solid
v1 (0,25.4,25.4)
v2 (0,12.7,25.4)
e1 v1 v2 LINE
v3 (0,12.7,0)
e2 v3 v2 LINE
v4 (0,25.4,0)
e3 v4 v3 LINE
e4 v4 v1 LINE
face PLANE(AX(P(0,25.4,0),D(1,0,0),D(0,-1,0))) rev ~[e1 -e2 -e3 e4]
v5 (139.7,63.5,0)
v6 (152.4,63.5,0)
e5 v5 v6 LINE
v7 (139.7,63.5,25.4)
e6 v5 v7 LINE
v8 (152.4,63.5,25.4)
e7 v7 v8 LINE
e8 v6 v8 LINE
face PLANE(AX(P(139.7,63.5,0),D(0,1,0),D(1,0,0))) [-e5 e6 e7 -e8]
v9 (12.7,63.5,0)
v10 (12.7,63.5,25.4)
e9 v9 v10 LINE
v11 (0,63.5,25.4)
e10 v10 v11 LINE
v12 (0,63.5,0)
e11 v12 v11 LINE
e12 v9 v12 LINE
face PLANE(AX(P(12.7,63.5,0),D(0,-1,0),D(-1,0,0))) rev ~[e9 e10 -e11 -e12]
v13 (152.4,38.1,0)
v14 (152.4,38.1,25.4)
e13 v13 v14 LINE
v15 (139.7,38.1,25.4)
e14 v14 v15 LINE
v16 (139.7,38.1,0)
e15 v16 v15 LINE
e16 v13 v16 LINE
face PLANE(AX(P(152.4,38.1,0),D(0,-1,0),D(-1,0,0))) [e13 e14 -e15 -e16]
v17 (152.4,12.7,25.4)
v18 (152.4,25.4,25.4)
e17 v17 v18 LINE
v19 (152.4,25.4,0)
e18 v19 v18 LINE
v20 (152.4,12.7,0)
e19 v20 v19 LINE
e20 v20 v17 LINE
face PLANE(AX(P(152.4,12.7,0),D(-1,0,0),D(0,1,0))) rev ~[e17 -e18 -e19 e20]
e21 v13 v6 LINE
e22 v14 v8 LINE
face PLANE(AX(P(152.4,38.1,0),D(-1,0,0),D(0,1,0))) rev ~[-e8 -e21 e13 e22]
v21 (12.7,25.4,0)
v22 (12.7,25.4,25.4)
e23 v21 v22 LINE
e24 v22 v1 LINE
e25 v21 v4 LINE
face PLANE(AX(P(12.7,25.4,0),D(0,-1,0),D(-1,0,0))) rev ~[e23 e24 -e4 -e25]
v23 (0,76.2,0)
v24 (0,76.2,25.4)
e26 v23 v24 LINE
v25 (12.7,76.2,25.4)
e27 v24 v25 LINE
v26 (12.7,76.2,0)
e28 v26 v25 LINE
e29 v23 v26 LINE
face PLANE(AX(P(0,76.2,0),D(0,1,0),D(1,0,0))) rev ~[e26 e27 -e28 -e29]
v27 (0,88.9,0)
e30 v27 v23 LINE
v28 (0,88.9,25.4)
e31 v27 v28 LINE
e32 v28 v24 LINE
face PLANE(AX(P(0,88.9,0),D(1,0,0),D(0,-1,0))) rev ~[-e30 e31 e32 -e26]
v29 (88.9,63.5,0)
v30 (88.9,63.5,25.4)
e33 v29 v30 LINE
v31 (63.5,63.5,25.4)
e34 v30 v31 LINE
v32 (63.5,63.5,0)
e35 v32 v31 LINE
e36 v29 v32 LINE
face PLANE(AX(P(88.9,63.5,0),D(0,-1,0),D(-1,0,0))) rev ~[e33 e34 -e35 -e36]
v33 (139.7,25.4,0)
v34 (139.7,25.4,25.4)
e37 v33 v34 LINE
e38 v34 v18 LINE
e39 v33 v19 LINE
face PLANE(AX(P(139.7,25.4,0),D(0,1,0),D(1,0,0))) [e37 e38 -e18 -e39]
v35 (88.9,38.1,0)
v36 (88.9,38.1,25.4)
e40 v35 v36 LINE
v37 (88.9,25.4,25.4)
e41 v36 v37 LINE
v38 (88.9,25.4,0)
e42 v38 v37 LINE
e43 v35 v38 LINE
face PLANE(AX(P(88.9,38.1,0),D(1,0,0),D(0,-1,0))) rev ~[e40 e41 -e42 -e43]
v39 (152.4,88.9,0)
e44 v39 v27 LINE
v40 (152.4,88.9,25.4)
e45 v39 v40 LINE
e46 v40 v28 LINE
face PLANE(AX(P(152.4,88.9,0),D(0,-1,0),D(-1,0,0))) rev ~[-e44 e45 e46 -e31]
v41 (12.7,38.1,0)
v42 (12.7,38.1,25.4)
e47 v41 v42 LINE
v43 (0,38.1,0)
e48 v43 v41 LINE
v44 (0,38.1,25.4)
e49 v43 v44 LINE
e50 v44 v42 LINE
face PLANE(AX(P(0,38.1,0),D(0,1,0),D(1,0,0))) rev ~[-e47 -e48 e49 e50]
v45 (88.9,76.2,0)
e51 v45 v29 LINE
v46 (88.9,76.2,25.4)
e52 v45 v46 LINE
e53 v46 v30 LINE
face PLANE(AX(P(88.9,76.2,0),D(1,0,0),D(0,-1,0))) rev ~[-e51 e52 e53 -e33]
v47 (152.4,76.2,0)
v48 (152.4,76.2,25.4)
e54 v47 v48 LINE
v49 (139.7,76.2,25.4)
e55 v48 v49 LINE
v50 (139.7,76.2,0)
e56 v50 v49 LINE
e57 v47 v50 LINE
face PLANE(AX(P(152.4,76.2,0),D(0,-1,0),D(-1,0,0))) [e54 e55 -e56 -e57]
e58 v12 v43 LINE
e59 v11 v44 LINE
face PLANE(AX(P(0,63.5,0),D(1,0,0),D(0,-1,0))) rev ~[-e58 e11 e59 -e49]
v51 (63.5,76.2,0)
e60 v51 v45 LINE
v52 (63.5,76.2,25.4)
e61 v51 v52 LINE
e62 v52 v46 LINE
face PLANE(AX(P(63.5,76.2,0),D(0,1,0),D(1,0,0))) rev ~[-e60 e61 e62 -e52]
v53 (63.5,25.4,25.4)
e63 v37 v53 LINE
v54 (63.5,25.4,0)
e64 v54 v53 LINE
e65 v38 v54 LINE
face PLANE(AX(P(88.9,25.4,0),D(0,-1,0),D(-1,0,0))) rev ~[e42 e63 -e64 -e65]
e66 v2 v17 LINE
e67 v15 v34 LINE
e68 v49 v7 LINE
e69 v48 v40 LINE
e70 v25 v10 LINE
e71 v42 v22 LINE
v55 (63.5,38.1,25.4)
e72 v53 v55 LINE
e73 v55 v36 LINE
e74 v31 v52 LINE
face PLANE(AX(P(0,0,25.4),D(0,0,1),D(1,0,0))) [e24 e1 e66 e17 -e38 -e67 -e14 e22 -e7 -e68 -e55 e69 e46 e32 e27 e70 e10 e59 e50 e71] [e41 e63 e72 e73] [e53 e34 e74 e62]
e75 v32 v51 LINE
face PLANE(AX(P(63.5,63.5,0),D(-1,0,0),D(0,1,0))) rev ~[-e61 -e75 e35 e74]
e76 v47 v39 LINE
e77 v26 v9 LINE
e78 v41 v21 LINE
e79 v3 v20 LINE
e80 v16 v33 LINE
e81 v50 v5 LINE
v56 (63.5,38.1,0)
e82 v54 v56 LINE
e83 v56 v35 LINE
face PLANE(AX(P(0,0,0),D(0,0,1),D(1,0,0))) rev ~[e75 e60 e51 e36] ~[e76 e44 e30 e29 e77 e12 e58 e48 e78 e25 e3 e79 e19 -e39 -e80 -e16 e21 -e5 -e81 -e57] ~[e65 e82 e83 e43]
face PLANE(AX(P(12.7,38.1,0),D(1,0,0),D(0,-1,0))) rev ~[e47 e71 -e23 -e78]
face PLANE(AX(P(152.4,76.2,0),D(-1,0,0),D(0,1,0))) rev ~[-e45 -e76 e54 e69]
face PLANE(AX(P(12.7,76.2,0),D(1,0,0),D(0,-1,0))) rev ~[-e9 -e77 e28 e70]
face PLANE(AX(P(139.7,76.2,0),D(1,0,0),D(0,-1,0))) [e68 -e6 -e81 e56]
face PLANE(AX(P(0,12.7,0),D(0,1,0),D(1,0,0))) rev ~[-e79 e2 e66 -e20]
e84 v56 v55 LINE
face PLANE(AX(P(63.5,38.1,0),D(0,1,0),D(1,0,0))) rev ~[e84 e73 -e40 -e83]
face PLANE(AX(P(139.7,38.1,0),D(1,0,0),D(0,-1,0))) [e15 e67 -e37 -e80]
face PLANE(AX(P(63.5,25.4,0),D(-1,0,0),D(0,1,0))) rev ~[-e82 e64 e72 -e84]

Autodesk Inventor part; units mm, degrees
ref_plane "YZ Plane" through (0, 0, 0) normal (1, 0, 0) x (0, 1, 0)
ref_plane "XZ Plane" through (0, 0, 0) normal (0, 1, 0) x (-1, 0, 0)
ref_plane "XY Plane" through (0, 0, 0) normal (0, 0, 1) x (1, 0, 0)
sketch "Sketch1" plane through (0, 0, 0) normal (0, 0, 1) x (1, 0, 0)
  line L0 (152.4, 12.7) -> (152.4, 76.2)
  line L1 (0, 76.2) -> (0, 0)
  line L2 (0, 76.2) -> (12.7, 76.2)
  line L3 (12.7, 76.2) -> (12.7, 63.5)
  line L4 (12.7, 63.5) -> (0, 63.5)
  line L5 (0, 63.5) -> (0, 76.2)
  line L6 (152.4, 76.2) -> (139.7, 76.2)
  line L7 (139.7, 76.2) -> (139.7, 63.5)
  line L8 (139.7, 63.5) -> (152.4, 63.5)
  line L9 (152.4, 63.5) -> (152.4, 76.2)
  line L10 (63.5, 76.2) -> (88.9, 76.2)
  line L11 (88.9, 76.2) -> (88.9, 63.5)
  line L12 (88.9, 63.5) -> (63.5, 63.5)
  line L13 (63.5, 63.5) -> (63.5, 76.2)
  line L14 (152.4, 76.2) -> (152.4, 88.9)
  line L15 (152.4, 88.9) -> (0, 88.9)
  line L16 (0, 88.9) -> (0, 76.2)
  line L17 (12.7, 38.1) -> (12.7, 25.4)
  line L18 (12.7, 25.4) -> (0, 25.4)
  line L19 (0, 25.4) -> (0, 38.1)
  line L20 (0, 38.1) -> (12.7, 38.1)
  line L21 (88.9, 25.4) -> (63.5, 25.4)
  line L22 (63.5, 25.4) -> (63.5, 38.1)
  line L23 (88.9, 38.1) -> (88.9, 25.4)
  line L24 (63.5, 38.1) -> (88.9, 38.1)
  line L25 (139.7, 38.1) -> (139.7, 25.4)
  line L26 (139.7, 25.4) -> (152.4, 25.4)
  line L27 (152.4, 25.4) -> (152.4, 38.1)
  line L28 (152.4, 38.1) -> (139.7, 38.1)
  line L29 (0, 76.2) -> (12.7, 76.2)
  line L30 (12.7, 76.2) -> (0, 76.2)
  line L31 (152.4, 76.2) -> (139.7, 76.2)
  line L32 (88.9, 76.2) -> (63.5, 76.2)
  line L33 (63.5, 76.2) -> (88.9, 76.2)
  line L34 (139.7, 76.2) -> (152.4, 76.2)
  line L35 (0, 12.7) -> (152.4, 12.7)
  point P0 (146.05, 76.2)
  point P1 (76.2, 76.2)
  point P2 (76.2, 38.1)
  point P3 (146.05, 38.1)
  point P4 (6.35, 25.4)
  point P5 (0, 63.5)
  point P6 (0, 25.4)
  dimension "d0" = 152.4
  dimension "d2" = 12.7
  dimension "d4" = 12.7
  dimension "d5" = 12.7
  dimension "d6" = 63.5
  dimension "d7" = 25.4
  dimension "d8" = 12.7
  dimension "d12" = 38.1
  dimension "d18" = 12.7
  dimension "d19" = 12.7
  dimension "d20" = 12.7
extrude "Extrusion1" add sketch "Sketch1" along normal blind 25.4 contours L35 L1 L18 L17 L20 L4 L3 L2 L16 L15 L14 L6 L7 L8 L0 L28 L25 L26
properties part number "Base"
